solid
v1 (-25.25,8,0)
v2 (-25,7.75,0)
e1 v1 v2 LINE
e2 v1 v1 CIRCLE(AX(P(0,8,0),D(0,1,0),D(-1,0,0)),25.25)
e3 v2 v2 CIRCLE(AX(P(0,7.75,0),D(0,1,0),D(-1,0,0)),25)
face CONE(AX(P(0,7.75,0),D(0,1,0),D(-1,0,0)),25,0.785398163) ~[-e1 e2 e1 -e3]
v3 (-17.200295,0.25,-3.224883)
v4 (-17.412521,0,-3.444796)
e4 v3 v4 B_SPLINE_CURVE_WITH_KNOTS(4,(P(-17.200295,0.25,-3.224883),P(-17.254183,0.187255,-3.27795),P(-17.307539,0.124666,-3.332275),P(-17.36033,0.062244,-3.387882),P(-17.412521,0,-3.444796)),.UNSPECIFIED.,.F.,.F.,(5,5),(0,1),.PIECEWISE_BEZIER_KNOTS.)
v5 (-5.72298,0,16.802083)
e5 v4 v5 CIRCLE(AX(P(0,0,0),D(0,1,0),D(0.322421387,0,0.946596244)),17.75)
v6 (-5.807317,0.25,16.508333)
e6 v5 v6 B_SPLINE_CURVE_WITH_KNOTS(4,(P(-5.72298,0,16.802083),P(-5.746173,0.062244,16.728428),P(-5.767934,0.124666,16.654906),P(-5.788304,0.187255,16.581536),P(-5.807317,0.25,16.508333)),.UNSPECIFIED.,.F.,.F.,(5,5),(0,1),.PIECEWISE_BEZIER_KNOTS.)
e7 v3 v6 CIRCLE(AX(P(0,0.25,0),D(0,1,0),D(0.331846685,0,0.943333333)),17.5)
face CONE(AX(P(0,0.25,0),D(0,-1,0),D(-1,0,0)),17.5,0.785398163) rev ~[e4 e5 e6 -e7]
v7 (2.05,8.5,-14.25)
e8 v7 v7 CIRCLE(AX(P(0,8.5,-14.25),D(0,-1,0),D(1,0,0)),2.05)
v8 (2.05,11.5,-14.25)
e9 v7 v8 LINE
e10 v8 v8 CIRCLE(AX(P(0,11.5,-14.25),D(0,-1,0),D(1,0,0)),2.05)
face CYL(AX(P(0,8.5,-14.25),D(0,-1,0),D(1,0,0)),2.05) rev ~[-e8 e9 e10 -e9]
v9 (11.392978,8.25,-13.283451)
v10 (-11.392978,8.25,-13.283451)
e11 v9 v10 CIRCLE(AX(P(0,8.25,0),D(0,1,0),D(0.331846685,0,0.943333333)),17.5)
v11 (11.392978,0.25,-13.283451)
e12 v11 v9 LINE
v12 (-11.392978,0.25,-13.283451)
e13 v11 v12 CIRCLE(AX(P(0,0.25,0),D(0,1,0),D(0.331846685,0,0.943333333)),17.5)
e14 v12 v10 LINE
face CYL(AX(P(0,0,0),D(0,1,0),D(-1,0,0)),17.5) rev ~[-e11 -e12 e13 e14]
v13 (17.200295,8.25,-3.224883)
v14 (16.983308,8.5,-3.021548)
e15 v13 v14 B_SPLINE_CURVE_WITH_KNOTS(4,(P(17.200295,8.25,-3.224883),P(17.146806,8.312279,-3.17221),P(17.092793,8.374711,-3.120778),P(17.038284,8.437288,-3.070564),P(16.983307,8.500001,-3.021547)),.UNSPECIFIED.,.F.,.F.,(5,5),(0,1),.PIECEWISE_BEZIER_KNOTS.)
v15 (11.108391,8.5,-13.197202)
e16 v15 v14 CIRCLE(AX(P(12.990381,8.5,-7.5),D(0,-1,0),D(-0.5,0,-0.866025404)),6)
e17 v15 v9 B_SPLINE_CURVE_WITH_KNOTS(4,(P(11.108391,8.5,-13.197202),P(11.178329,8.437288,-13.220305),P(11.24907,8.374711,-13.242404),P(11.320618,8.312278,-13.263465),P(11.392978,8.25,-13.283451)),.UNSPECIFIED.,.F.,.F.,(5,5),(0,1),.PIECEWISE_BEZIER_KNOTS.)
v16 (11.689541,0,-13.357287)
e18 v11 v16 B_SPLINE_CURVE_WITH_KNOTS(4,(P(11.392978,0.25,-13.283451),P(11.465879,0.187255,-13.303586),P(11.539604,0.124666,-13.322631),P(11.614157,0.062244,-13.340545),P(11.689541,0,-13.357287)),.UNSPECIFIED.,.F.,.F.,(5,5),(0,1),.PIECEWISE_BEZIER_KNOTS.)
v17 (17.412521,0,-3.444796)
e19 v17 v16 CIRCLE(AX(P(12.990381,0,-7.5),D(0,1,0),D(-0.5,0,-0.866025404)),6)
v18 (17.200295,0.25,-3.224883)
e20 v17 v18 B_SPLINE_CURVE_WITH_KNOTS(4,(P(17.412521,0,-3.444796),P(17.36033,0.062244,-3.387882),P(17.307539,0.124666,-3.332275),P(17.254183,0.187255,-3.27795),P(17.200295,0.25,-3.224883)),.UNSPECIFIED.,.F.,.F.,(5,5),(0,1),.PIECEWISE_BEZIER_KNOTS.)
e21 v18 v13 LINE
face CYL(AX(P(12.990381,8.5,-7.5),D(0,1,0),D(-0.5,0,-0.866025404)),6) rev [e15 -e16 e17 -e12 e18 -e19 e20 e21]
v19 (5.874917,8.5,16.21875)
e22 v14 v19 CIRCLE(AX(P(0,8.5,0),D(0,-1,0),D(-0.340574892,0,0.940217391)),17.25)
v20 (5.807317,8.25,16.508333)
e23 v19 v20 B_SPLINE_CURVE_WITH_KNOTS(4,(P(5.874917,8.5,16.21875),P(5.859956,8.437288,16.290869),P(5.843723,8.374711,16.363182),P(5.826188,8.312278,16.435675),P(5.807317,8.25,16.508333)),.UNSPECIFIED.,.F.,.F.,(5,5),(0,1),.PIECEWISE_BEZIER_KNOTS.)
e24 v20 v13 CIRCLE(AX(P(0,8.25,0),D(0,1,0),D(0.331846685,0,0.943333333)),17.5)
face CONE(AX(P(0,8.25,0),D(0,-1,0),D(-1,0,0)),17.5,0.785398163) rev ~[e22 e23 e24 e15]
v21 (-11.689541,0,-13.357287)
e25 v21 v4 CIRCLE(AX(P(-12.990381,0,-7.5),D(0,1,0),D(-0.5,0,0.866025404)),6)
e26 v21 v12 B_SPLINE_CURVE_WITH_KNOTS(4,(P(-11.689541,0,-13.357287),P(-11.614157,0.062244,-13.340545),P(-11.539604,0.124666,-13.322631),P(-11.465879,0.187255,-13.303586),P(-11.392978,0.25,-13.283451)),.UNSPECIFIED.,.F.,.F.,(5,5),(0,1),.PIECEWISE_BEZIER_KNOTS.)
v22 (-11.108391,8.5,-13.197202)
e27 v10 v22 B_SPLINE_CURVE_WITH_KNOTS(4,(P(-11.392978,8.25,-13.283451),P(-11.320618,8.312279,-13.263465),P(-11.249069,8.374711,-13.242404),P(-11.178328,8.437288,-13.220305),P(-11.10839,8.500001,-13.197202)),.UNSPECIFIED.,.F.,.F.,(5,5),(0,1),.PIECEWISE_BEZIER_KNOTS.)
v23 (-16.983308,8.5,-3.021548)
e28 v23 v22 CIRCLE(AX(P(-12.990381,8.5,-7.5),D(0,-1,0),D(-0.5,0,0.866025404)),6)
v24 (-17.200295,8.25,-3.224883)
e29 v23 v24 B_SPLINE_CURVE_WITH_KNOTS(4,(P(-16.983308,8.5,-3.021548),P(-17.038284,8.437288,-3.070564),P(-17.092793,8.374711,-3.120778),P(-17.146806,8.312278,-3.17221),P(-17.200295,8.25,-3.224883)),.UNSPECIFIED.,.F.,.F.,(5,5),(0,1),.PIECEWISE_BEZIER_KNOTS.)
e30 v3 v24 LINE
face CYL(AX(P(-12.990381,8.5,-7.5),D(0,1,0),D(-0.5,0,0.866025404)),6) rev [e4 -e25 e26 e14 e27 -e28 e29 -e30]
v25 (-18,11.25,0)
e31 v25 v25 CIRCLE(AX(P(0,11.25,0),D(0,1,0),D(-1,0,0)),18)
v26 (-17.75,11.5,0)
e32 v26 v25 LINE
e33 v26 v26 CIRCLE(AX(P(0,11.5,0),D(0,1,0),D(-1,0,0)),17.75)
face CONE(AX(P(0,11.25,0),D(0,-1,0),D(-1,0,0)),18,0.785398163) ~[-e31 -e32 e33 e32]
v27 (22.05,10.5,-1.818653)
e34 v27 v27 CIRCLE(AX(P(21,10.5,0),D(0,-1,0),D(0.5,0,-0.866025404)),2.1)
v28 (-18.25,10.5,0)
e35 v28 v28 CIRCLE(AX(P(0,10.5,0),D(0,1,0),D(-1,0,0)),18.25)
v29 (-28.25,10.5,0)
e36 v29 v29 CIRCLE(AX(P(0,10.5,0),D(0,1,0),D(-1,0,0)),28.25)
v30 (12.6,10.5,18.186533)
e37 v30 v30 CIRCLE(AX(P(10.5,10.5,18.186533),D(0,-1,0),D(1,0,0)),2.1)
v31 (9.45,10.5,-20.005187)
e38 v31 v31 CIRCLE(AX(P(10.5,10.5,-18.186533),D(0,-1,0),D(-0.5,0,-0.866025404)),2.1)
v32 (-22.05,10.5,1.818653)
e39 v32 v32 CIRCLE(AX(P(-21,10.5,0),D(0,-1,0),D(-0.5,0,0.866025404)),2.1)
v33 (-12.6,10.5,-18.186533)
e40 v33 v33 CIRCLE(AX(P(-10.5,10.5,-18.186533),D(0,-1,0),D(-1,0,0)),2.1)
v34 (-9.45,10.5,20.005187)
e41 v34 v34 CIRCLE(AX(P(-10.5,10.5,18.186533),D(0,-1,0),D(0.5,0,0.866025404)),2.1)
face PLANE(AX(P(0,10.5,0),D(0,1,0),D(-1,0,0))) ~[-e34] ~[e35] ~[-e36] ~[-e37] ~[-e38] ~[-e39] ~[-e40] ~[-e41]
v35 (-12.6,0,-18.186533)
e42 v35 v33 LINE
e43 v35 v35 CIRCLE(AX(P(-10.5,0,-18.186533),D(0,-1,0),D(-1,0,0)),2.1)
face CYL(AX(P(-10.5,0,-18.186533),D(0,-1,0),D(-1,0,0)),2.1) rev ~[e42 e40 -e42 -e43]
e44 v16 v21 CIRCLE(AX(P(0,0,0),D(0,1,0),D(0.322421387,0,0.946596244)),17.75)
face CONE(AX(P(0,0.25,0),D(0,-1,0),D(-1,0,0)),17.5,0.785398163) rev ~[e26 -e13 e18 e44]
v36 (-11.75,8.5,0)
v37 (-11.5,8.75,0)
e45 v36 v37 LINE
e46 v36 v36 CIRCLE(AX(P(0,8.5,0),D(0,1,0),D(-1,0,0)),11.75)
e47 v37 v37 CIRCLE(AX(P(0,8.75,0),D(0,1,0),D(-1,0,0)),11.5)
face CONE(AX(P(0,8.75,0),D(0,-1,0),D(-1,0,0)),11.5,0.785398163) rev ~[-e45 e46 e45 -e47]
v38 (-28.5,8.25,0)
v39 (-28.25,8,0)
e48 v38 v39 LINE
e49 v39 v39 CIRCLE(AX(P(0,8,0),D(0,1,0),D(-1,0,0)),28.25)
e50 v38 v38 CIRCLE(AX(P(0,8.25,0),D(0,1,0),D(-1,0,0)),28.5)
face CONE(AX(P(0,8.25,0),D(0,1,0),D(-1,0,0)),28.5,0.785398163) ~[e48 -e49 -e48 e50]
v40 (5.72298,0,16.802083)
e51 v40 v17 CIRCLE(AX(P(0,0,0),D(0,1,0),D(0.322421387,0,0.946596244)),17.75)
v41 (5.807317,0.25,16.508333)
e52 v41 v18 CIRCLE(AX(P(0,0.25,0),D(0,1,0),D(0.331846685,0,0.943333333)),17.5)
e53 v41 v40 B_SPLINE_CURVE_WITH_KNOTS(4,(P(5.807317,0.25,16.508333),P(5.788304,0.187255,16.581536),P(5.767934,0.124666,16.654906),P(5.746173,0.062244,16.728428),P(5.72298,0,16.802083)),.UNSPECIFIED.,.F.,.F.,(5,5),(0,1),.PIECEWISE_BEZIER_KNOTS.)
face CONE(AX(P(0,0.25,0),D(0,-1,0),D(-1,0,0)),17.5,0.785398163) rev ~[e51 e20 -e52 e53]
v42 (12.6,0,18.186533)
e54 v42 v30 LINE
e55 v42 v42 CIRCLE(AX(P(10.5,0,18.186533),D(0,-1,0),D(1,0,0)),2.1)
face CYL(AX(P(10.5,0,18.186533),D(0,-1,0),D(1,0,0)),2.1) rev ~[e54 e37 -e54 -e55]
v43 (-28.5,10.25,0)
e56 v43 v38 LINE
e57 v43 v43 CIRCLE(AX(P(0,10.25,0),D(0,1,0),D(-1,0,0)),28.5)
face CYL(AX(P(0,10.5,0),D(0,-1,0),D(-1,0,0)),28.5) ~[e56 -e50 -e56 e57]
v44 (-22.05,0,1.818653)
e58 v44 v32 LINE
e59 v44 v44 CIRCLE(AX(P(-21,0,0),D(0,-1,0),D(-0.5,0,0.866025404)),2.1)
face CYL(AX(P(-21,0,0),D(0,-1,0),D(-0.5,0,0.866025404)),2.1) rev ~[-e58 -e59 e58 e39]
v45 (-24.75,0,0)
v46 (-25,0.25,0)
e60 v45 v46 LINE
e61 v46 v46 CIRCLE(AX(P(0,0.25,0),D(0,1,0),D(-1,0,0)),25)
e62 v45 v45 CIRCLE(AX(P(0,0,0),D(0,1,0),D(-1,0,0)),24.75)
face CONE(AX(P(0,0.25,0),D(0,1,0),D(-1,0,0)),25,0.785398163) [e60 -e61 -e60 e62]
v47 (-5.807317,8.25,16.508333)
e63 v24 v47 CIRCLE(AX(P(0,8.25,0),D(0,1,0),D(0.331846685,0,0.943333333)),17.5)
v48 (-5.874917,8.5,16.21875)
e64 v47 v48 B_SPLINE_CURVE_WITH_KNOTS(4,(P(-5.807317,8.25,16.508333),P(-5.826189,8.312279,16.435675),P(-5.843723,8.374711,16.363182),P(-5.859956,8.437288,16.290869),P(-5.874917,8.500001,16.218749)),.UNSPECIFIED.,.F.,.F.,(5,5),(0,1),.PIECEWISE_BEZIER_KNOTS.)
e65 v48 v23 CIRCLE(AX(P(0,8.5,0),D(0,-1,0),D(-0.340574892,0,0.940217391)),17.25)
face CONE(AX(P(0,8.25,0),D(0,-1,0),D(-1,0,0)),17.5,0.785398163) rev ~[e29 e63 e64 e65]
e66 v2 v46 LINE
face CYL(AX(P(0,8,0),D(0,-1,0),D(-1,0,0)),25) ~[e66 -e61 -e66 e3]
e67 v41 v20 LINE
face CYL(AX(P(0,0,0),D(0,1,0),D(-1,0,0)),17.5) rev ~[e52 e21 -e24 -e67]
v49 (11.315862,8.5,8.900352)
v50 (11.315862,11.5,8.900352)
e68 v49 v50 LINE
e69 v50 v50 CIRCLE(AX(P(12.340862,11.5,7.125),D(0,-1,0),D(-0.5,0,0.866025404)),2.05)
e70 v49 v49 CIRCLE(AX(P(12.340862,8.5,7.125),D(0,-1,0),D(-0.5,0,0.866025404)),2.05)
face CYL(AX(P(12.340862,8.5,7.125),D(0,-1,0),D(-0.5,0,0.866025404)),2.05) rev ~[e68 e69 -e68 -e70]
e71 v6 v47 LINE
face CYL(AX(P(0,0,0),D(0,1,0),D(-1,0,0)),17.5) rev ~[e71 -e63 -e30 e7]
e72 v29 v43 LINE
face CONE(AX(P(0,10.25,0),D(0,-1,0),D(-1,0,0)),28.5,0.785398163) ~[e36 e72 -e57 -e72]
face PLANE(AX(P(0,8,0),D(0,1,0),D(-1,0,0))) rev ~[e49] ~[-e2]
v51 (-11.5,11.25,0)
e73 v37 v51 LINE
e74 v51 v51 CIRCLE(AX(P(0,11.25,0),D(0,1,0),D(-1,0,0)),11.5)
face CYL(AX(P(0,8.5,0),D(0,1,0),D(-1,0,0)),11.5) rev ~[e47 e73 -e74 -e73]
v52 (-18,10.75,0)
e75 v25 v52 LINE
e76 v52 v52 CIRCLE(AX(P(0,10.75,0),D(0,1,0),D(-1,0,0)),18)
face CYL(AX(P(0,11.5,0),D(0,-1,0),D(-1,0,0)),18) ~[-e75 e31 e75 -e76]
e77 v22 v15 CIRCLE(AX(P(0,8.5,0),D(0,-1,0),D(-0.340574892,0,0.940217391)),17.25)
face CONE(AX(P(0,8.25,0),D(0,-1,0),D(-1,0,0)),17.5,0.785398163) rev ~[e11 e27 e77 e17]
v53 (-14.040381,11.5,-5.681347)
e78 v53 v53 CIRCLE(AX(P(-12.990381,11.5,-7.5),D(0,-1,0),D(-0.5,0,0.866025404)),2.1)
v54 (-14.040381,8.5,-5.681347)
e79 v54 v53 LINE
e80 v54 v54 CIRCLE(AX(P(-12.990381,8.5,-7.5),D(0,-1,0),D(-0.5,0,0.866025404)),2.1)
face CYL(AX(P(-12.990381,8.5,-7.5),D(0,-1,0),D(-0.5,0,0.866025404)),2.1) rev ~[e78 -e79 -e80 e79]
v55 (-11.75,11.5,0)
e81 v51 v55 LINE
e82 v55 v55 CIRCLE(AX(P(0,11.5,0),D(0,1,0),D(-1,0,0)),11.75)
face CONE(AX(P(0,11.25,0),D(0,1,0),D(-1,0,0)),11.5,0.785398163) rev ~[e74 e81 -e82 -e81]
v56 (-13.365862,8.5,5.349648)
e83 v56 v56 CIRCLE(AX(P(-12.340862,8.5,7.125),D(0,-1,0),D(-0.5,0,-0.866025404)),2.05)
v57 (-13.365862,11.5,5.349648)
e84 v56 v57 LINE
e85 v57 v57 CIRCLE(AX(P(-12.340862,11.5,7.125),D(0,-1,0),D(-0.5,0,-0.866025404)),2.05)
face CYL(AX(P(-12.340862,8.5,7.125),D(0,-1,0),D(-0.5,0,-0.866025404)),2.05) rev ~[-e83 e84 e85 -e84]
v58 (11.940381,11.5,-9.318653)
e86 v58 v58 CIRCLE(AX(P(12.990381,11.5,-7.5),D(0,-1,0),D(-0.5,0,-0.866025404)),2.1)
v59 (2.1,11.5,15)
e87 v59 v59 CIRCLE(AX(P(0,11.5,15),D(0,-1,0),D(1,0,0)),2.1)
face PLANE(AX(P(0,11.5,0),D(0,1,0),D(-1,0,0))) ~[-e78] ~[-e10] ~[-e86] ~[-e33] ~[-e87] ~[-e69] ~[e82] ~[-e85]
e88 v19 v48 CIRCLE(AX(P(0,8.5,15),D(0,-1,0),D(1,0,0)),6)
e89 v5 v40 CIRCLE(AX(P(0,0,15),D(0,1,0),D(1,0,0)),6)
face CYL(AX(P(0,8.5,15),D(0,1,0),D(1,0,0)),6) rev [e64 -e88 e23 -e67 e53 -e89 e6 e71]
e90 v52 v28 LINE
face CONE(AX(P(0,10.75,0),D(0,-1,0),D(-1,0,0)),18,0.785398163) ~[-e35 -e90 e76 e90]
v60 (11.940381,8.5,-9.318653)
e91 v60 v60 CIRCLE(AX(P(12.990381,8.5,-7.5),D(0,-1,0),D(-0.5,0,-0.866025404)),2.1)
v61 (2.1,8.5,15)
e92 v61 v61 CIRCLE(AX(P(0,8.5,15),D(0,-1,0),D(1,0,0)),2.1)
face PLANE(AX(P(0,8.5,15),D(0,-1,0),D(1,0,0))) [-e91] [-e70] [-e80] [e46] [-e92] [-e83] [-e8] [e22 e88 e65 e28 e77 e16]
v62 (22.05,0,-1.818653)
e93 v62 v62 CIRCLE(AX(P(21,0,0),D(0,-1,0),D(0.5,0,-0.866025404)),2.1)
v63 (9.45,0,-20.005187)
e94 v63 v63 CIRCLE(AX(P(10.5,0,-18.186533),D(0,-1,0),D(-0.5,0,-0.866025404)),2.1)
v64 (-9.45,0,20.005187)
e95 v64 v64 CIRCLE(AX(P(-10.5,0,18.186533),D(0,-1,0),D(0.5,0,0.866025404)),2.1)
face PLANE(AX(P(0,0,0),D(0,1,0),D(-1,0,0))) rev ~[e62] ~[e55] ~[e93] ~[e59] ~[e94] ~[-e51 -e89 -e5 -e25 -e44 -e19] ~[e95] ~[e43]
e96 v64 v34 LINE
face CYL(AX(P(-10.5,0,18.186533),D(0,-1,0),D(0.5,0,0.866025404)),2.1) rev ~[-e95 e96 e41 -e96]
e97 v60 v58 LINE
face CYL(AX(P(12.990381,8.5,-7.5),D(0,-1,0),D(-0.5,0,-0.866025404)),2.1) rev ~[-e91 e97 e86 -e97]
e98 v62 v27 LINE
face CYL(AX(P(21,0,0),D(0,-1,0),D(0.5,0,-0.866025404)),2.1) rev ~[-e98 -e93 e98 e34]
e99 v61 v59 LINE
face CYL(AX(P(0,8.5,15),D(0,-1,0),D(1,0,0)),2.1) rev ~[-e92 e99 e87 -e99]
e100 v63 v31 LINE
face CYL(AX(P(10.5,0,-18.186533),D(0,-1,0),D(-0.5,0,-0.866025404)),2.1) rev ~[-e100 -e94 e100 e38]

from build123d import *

# Parameters (mm, degrees)
CHAMFER_1_SIZE           = 0.25
SKETCH_2_R               = 2.1
SKETCH_2_R_2             = 2.05
CUT_EXTRUDE_1_DEPTH      = 4
SKETCH_3_R               = 6
CUT_EXTRUDE_2_DEPTH      = 9.5
PATTERN_CIRCULAR_1_COUNT = 3
SKETCH_4_R               = 2.1
CUT_EXTRUDE_3_DEPTH      = 12.5
PATTERN_CIRCULAR_2_COUNT = 6


with BuildPart() as part:
    # 草图1 → 旋转1 (revolve)
    with BuildSketch(Plane.XY):
        Polygon((-25, 0), (-17.5, 0), (-17.5, 8.5), (-11.5, 8.5), (-11.5, 11.5), (-18, 11.5), (-18, 10.5), (-28.5, 10.5), (-28.5, 8), (-25, 8), align=None)
    revolve(axis=Axis((0, 0, 0), (0, 1, 0)))

    # 倒角1
    chamfer_1_edges = [part.edges().sort_by_distance(p)[0] for p in [
        (11.5, 11.5, 0),
        (11.5, 8.5, 0),
        (17.5, 8.5, 0),
        (17.5, 0, 0),
        (25, 0, 0),
        (25, 8, 0),
        (28.5, 8, 0),
        (28.5, 10.5, 0),
        (18, 10.5, 0),
        (18, 11.5, 0),
    ]]
    chamfer(chamfer_1_edges, length=CHAMFER_1_SIZE)

    # 草图2 → 切除-拉伸1 (cut, through all)
    with BuildSketch(Plane.XZ.offset(-8.5)):
        with Locations((0, 15)):
            Circle(SKETCH_2_R)
        with Locations((0, -14.25)):
            Circle(SKETCH_2_R_2)
    cut_extrude_1 = extrude(amount=-CUT_EXTRUDE_1_DEPTH, mode=Mode.SUBTRACT)

    # 草图3 → 切除-拉伸2 (cut, through all)
    with BuildSketch(Plane.XZ.offset(-8.5)):
        with Locations((0, 15)):
            Circle(SKETCH_3_R)
    cut_extrude_2 = extrude(amount=CUT_EXTRUDE_2_DEPTH, mode=Mode.SUBTRACT)

    # 阵列(圆周)1: 切除-拉伸1, 切除-拉伸2 ×3 about axis
    pattern_circular_1_axis = Axis((0, 0, 0), (0, 1, 0))
    for i in range(1, PATTERN_CIRCULAR_1_COUNT):
        add(cut_extrude_1.rotate(pattern_circular_1_axis, i * 360 / PATTERN_CIRCULAR_1_COUNT), mode=Mode.SUBTRACT)
        add(cut_extrude_2.rotate(pattern_circular_1_axis, i * 360 / PATTERN_CIRCULAR_1_COUNT), mode=Mode.SUBTRACT)

    # 草图4 → 切除-拉伸3 (cut, through all)
    with BuildSketch(Plane.XZ):
        with Locations((10.5, 18.186533479)):
            Circle(SKETCH_4_R)
    cut_extrude_3 = extrude(amount=-CUT_EXTRUDE_3_DEPTH, mode=Mode.SUBTRACT)

    # 阵列(圆周)2: 切除-拉伸3 ×6 about axis
    pattern_circular_2_axis = Axis((0, 0, 0), (0, 1, 0))
    for i in range(1, PATTERN_CIRCULAR_2_COUNT):
        add(cut_extrude_3.rotate(pattern_circular_2_axis, i * 360 / PATTERN_CIRCULAR_2_COUNT), mode=Mode.SUBTRACT)


solid = part.part
